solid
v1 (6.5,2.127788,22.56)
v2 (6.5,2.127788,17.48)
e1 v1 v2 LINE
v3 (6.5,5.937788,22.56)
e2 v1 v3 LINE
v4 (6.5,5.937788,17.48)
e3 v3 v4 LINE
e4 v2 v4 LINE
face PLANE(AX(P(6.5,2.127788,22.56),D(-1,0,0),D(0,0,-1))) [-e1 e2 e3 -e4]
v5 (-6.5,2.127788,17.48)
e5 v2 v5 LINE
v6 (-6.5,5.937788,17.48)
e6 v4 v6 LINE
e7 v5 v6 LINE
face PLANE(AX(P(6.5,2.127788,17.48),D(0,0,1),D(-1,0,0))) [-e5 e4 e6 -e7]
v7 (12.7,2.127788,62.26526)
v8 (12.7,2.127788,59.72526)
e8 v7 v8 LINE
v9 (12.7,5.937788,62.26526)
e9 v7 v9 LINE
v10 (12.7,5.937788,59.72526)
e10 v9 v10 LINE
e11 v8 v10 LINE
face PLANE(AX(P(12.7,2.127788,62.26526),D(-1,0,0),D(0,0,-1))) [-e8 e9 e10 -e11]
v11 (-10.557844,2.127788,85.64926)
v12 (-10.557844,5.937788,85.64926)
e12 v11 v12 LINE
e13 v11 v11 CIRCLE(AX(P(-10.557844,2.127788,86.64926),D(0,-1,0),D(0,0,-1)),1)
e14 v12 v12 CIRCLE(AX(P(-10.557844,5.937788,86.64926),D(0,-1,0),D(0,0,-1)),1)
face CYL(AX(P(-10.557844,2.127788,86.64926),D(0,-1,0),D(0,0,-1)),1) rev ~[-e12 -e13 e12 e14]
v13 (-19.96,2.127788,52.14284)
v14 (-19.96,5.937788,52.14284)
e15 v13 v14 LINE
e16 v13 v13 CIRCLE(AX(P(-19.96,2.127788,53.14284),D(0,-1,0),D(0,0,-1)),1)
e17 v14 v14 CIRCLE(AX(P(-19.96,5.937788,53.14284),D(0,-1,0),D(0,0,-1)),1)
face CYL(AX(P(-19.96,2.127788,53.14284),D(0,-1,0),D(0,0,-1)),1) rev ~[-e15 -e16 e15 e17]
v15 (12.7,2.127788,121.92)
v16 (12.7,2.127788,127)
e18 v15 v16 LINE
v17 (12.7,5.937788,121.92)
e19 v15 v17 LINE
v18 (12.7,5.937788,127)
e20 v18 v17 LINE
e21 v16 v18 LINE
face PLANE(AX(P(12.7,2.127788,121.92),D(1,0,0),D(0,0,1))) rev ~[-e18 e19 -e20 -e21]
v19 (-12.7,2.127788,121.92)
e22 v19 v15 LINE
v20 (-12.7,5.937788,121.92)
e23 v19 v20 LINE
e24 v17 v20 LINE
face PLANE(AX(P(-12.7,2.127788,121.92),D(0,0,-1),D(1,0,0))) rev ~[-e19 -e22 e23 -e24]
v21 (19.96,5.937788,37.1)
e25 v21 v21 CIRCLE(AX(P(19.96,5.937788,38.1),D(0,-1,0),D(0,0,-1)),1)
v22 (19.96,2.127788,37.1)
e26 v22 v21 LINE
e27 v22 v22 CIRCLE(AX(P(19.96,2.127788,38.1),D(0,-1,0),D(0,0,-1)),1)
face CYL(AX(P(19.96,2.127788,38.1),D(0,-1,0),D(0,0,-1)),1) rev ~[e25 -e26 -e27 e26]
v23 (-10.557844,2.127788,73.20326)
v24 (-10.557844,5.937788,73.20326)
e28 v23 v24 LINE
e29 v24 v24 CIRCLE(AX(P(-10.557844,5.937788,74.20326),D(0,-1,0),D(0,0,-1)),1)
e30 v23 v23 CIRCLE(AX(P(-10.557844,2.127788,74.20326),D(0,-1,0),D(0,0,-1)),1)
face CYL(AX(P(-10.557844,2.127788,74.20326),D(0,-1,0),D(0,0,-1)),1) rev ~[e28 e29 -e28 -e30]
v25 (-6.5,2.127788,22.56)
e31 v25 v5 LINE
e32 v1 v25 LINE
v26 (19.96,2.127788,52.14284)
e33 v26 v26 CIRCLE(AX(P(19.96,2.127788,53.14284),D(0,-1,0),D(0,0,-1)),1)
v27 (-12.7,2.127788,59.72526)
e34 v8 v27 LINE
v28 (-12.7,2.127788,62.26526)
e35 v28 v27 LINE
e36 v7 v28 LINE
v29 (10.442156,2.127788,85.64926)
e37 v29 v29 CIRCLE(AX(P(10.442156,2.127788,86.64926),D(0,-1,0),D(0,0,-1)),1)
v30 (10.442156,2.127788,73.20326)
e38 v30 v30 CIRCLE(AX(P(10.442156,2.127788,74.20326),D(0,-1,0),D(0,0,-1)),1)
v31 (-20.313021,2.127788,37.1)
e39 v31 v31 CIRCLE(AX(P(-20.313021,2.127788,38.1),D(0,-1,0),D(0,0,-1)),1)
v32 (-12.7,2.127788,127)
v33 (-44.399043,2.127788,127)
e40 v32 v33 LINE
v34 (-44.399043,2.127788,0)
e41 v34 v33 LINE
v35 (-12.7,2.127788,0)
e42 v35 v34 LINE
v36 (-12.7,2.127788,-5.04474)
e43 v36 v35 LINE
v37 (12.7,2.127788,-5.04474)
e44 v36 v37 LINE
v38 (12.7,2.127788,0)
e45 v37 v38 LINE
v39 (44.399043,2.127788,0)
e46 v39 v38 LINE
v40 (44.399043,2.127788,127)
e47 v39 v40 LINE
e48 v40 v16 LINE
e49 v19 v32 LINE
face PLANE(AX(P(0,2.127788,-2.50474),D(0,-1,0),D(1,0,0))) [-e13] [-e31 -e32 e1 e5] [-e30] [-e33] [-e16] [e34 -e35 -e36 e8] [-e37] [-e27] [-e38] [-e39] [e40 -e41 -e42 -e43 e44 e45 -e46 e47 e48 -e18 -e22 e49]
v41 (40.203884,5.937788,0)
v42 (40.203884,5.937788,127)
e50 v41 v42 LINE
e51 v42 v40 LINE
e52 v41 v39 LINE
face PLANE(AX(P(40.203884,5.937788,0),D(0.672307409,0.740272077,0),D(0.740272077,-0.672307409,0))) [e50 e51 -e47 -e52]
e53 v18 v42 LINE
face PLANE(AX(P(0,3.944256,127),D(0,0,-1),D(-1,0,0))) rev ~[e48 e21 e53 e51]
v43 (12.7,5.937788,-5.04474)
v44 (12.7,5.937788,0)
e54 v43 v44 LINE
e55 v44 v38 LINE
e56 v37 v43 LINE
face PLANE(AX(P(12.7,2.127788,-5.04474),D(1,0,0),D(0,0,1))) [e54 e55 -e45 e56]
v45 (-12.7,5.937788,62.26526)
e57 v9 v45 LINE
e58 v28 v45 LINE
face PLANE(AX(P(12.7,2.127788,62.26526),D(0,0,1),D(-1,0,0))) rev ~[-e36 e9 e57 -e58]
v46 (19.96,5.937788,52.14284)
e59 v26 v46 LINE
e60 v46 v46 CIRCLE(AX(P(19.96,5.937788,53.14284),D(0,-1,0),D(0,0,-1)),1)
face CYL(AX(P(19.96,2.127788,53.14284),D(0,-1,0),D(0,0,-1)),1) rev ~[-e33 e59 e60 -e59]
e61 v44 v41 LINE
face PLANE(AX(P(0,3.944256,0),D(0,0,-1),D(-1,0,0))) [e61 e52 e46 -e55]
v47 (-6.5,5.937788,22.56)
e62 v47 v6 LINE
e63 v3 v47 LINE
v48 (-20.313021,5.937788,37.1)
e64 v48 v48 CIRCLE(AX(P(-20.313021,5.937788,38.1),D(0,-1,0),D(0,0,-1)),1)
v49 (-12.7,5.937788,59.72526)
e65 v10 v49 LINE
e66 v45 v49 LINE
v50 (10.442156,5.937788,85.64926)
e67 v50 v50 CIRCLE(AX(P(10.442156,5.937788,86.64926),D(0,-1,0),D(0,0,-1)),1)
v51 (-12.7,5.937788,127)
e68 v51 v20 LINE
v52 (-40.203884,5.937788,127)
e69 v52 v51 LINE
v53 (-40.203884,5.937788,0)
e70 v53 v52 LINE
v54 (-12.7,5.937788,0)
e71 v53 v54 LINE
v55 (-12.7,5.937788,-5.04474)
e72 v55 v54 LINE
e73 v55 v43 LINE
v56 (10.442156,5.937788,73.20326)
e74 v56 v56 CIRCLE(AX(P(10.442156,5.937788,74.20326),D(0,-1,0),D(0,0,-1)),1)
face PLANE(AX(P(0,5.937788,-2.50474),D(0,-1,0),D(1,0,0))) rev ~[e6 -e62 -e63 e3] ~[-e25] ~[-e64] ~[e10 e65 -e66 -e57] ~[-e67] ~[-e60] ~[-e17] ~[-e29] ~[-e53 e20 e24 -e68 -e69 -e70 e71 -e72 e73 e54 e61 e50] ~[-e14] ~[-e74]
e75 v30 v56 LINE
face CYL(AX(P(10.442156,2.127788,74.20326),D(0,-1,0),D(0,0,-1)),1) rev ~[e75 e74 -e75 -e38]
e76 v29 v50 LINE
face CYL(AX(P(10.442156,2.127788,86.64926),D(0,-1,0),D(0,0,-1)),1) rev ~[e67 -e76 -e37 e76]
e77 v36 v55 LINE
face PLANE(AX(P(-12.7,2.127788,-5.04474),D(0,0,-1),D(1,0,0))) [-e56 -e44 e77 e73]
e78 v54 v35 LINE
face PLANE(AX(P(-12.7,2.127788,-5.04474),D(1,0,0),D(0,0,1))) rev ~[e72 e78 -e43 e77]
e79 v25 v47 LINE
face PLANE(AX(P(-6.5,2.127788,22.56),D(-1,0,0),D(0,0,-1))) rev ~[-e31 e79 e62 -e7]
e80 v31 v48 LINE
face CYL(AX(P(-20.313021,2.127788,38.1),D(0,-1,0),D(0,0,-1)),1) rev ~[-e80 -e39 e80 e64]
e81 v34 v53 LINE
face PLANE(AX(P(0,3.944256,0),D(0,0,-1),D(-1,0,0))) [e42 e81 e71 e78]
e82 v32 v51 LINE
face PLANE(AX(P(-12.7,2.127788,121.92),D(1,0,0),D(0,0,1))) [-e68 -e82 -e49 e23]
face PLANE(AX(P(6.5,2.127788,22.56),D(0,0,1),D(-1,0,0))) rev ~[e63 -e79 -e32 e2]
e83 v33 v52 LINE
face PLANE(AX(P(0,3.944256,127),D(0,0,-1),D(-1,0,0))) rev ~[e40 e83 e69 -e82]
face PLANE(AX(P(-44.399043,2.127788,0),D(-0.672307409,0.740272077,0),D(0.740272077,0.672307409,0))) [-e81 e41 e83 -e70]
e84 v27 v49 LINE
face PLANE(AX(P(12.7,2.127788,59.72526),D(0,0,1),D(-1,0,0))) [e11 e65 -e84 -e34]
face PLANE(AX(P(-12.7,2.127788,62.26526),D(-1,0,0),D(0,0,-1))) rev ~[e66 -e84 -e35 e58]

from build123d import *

# Parameters (mm, degrees)
BOSS_EXTRUDE1_DEPTH = 127
SKETCH3_W           = 25.4
SKETCH3_H           = 5.08
CUT_EXTRUDE1_DEPTH  = 135.591199998
SKETCH4_W           = 25.4
SKETCH4_H           = 5.08
BOSS_EXTRUDE3_DEPTH = 3.81
SKETCH5_R           = 1
SKETCH5_R_2         = 0.999998
SKETCH5_W           = 13
SKETCH5_H           = 5.08
SKETCH5_W_2         = 25.4
SKETCH5_H_2         = 2.54
CUT_EXTRUDE2_DEPTH  = 135.591199998


with BuildPart() as part:
    # Sketch1 → Boss-Extrude1 (new body)
    with BuildSketch(Plane.XY):
        Polygon((-40.203883769, 5.937788296), (40.203883769, 5.937788296), (44.399042974, 2.127788296), (-44.399042974, 2.127788296), align=None)
    extrude(amount=BOSS_EXTRUDE1_DEPTH)

    # Sketch3 → Cut-Extrude1 (cut, through all)
    with BuildSketch(Plane.XZ.offset(-2.127788296)):
        with Locations((0, 124.46)):
            Rectangle(SKETCH3_W, SKETCH3_H)
    extrude(amount=-CUT_EXTRUDE1_DEPTH, mode=Mode.SUBTRACT)

    # Sketch4 → Boss-Extrude3 (add)
    with BuildSketch(Plane.XZ.offset(-2.127788296)):
        with Locations((0, -2.504739817)):
            Rectangle(SKETCH4_W, SKETCH4_H)
    extrude(amount=-BOSS_EXTRUDE3_DEPTH)

    # Sketch5 → Cut-Extrude2 (cut, through all)
    with BuildSketch(Plane(origin=(0, 2.127788296, 0), x_dir=(-1, 0, 0), z_dir=(0, -1, 0))):
        with Locations(Location((-19.96, -38.1, 0), (0, 0, 90))):
            Circle(SKETCH5_R)
        with Locations(Location((20.313021022, -38.1, 0), (0, 0, 90))):
            Circle(SKETCH5_R)
        with Locations(Location((19.96, -53.142840099, 0), (0, 0, 90))):
            Circle(SKETCH5_R)
        with Locations(Location((-19.96, -53.142840099, 0), (0, 0, 90))):
            Circle(SKETCH5_R)
        with Locations(Location((-10.44215584, -74.203260183, 0), (0, 0, 90))):
            Circle(SKETCH5_R)
        with Locations(Location((-10.44215584, -86.649260183, 0), (0, 0, 90))):
            Circle(SKETCH5_R)
        with Locations(Location((10.55784416, -74.203260183, 0), (0, 0, 90))):
            Circle(SKETCH5_R)
        with Locations(Location((10.55784416, -86.649260183, 0), (0, 0, 90))):
            Circle(SKETCH5_R)
        with Locations((-93.931058926, -72.649749874)):
            Circle(SKETCH5_R_2)
        with Locations((-93.931058926, -85.149749874)):
            Circle(SKETCH5_R)
        with Locations((-72.931058926, -72.649749874)):
            Circle(SKETCH5_R)
        with Locations((-72.931058926, -85.149749874)):
            Circle(SKETCH5_R)
        with Locations((-93.904836904, 5.641456719)):
            Circle(SKETCH5_R)
        with Locations((-53.184836904, 5.641456719)):
            Circle(SKETCH5_R)
        with Locations((-53.184836904, -9.358543281)):
            Circle(SKETCH5_R)
        with Locations((-93.904836904, -9.358543281)):
            Circle(SKETCH5_R)
        with Locations((0, -20.02)):
            Rectangle(SKETCH5_W, SKETCH5_H)
        with Locations((0, -60.995260183)):
            Rectangle(SKETCH5_W_2, SKETCH5_H_2)
    extrude(amount=-CUT_EXTRUDE2_DEPTH, mode=Mode.SUBTRACT)


solid = part.part
